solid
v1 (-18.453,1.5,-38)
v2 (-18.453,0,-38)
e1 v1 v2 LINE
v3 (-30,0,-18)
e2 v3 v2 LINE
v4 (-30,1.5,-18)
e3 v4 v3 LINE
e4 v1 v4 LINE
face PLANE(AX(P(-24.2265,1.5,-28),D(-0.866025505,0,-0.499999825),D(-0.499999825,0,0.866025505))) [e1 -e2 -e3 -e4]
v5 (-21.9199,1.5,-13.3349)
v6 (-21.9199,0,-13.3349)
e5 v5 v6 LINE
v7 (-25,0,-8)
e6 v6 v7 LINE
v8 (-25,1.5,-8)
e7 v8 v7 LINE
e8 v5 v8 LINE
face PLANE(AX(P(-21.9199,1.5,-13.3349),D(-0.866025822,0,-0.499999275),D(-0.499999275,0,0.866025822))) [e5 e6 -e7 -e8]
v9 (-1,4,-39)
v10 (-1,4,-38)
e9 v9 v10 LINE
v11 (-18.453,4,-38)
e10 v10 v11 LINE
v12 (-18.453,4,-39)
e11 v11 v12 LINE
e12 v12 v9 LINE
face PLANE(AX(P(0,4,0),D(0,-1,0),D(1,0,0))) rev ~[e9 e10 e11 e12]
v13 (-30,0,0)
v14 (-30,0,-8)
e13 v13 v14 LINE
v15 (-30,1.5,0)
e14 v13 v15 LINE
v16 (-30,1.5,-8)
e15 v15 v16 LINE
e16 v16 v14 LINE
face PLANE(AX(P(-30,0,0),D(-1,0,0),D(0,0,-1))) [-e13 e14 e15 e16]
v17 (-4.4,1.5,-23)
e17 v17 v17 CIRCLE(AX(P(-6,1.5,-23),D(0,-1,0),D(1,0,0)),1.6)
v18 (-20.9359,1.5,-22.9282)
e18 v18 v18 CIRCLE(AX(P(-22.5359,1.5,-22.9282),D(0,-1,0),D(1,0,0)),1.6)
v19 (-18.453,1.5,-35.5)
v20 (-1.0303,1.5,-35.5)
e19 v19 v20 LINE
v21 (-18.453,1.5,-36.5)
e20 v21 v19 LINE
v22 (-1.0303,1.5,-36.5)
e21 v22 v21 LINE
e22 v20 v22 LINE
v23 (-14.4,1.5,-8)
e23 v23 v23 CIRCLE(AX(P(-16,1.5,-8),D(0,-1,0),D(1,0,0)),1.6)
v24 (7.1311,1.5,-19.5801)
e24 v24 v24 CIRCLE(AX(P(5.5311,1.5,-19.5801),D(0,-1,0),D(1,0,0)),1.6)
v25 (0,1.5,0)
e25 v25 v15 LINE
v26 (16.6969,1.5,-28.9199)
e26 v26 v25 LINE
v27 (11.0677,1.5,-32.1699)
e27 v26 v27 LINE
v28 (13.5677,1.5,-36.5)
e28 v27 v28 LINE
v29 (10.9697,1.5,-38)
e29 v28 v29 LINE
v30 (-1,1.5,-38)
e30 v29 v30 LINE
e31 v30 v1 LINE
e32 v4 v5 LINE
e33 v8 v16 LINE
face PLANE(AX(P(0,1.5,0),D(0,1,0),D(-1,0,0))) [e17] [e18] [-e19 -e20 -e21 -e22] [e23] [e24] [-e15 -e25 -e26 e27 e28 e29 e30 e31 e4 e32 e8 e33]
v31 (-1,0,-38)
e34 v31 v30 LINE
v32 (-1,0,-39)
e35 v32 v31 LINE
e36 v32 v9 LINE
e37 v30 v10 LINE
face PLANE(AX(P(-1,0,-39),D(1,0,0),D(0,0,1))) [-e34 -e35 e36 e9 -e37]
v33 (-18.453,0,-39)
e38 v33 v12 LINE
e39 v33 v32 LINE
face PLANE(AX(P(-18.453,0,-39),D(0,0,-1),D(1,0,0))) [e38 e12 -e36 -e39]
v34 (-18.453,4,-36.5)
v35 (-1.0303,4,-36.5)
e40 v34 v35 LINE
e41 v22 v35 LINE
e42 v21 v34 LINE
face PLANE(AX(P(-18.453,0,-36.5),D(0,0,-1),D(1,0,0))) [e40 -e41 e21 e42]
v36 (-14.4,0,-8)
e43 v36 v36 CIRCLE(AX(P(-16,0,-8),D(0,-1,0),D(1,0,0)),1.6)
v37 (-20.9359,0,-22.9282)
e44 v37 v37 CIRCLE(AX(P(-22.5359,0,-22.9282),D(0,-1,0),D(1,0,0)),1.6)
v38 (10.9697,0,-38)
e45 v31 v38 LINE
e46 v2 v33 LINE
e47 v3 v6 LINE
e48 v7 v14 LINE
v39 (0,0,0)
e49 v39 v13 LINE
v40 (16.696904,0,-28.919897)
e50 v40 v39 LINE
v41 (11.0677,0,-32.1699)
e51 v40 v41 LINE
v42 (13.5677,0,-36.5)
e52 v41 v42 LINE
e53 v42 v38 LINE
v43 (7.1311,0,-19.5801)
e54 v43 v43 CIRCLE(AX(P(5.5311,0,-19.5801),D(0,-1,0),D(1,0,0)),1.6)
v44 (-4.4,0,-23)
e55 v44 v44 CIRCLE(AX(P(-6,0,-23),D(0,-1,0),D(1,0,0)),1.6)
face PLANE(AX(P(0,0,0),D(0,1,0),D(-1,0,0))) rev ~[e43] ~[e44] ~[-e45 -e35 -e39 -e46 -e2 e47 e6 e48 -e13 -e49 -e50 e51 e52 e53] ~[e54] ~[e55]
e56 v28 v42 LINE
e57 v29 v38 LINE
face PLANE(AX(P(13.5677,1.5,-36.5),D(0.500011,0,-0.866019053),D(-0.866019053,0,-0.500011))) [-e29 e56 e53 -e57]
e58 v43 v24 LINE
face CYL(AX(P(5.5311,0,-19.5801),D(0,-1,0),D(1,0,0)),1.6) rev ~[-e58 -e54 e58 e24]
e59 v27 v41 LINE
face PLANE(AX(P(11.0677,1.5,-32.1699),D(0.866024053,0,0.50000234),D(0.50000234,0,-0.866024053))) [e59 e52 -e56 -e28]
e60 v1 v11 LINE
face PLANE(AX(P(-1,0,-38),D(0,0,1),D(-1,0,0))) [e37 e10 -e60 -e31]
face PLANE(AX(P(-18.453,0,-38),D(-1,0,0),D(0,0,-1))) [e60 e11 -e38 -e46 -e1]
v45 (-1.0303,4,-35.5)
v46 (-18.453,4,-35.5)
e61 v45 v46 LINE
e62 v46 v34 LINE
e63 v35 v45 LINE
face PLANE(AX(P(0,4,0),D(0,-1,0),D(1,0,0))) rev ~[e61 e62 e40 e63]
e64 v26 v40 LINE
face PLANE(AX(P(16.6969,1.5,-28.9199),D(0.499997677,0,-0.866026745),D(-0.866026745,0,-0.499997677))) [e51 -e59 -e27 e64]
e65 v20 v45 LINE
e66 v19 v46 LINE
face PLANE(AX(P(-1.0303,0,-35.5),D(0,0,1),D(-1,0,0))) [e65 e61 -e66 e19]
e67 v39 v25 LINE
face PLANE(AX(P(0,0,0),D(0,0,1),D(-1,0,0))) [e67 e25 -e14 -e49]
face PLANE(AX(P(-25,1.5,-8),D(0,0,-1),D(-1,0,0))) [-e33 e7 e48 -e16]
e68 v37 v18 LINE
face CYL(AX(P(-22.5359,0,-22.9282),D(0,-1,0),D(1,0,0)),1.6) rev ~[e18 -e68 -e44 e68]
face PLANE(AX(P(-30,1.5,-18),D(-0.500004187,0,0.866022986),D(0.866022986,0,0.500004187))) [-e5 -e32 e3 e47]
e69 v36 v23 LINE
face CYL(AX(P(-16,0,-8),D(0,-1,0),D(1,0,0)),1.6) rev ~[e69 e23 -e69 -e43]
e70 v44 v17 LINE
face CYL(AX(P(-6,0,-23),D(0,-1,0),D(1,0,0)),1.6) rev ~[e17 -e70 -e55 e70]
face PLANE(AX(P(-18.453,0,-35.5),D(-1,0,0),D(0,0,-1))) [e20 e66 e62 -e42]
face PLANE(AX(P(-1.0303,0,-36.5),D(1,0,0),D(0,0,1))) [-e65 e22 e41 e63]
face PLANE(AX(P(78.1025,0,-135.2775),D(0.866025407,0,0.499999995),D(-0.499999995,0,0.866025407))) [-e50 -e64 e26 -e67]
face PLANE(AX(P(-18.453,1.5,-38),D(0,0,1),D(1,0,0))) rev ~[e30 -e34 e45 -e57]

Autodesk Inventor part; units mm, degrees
ref_plane "YZ Plane" through (0, 0, 0) normal (1, 0, 0) x (0, 1, 0)
ref_plane "XZ Plane" through (0, 0, 0) normal (0, 1, 0) x (-1, 0, 0)
ref_plane "XY Plane" through (0, 0, 0) normal (0, 0, 1) x (1, 0, 0)
sketch "スケッチ1" plane through (0, 0, 0) normal (0, 1, 0) x (-1, 0, 0)
  line L0 (0, 0) -> (30, 0)
  line L1 (30, 0) -> (30, -135.2775)
  line L2 (30, -135.2775) -> (-78.1025, -135.2775)
  line L3 (-78.1025, -135.2775) -> (0, 0)
  dimension "d0" = 30
  dimension "d1" = 60
extrude "押し出し1" add sketch "スケッチ1" along normal blind 1.5
sketch "スケッチ2" plane through (0, 1.5, 0) normal (0, 1, 0) x (1, 0, 0)
  line L0 (-25, 8) -> (-25, 1.5) projected
  line L1 (-21.9199, 13.3349) -> (-25, 8) projected
  line L2 (-30, 18) -> (-21.9199, 13.3349) projected
  line L3 (-24.2265, 28) -> (-30, 18) projected
  line L4 (0, 28) -> (-24.2265, 28) projected
  line L5 (0, 36.5) -> (0, 28) projected
  line L6 (5, 36.5) -> (0, 36.5) projected
  line L7 (5, 38) -> (5, 36.5) projected
  line L8 (10.9697, 38) -> (5, 38) projected
  line L9 (13.5677, 36.5) -> (10.9697, 38) projected
  line L10 (11.0677, 32.1699) -> (13.5677, 36.5) projected
  line L11 (16.6969, 28.9199) -> (11.0677, 32.1699) projected
  line L12 (7.3612, 12.75) -> (16.6969, 28.9199) projected
  line L13 (0, 17) -> (7.3612, 12.75) projected
  line L14 (-12, 17) -> (0, 17) projected
  line L15 (-12, 8) -> (-12, 17) projected
  line L16 (-5, 8) -> (-12, 8) projected
  line L17 (-5, 1.5) -> (-5, 8) projected
  line L18 (-25, 1.5) -> (-5, 1.5) projected
  line L19 (78.1025, 135.2775) -> (-30, 135.2775) projected
  line L20 (-30, 135.2775) -> (-30, 0) projected
  line L21 (-30, 0) -> (0, 0) projected
  line L22 (0, 0) -> (78.1025, 135.2775) projected
  line L23 (-24.2265, 28) -> (-18.453, 38)
  line L24 (-18.453, 38) -> (5, 38)
  line L25 (13.5677, 36.5) -> (19.1969, 33.25)
extrude "押し出し2" cut sketch "スケッチ2" against normal through all contours L20 L19 L22 L25 L9 L8 L24 L23 L3
sketch "スケッチ3" plane through (0, 1.5, 0) normal (0, 1, 0) x (1, 0, 0)
  line L0 (-30, 18) -> (-21.9199, 13.3349) projected
  line L1 (-21.9199, 13.3349) -> (-25, 8) projected
  line L2 (-25, 8) -> (-30, 8)
  line L3 (-30, 18) -> (-30, 0) projected
  line L4 (11.0677, 32.1699) -> (13.5677, 36.5) projected
  line L5 (16.6969, 28.9199) -> (11.0677, 32.1699) projected
  line L6 (19.1969, 33.25) -> (10.9697, 38) projected
  line L7 (0, 0) -> (19.1969, 33.25) projected
extrude "押し出し3" cut sketch "スケッチ3" against normal through all
sketch "スケッチ4" plane through (0, 0, 0) normal (0, -1, 0) x (1, 0, 0)
  line L0 (-18.453, -39) -> (3.9697, -39) projected
  line L1 (-18.453, -38) -> (-18.453, -39) projected
  line L2 (-18.453, -39) -> (3.9697, -39) projected
  line L3 (3.9697, -38) -> (-18.453, -38) projected
  line L4 (-1, -38) -> (-1, -36.5) projected
  line L5 (-1, -39) -> (-1, -35.5)
  line L6 (3.9697, -39) -> (3.9697, -38) projected
  line L7 (3.9697, -39) -> (3.9697, -38) projected
  line L8 (3.9697, -38) -> (-18.453, -38) projected
  line L9 (-18.453, -38) -> (-18.453, -39) projected
  line L10 (-18.453, -39) -> (3.9697, -39) projected
  line L11 (-1.0303, -36.5) -> (-1.0303, -35.5) projected
  line L12 (-1.0303, -35.5) -> (-18.453, -35.5) projected
  line L13 (-18.453, -35.5) -> (-18.453, -36.5) projected
  line L14 (-18.453, -36.5) -> (-1.0303, -36.5) projected
  point P0 (0, 0)
extrude "押し出し4" add sketch "スケッチ4" against normal blind 4 contours L1 L3 L5 L0 | L14 L13 L12 L11
sketch "スケッチ5" plane through (0, 0, 0) normal (0, -1, 0) x (1, 0, 0)
  circle A0 centre (-6, -23) radius 1.35 projected
  circle A1 centre (5.5311, -19.5801) radius 1.35 projected
  circle A2 centre (-16, -8) radius 1.35 projected
  circle A3 centre (-22.5359, -22.9282) radius 1.35 projected
  circle A4 centre (-22.5359, -22.9282) radius 1.6
  circle A5 centre (-16, -8) radius 1.6
  circle A6 centre (-6, -23) radius 1.6
  circle A7 centre (5.5311, -19.5801) radius 1.6
  point P0 (0, 0)
  dimension "d13" = 3.2
extrude "押し出し5" cut sketch "スケッチ5" against normal through all contours A0 | A1 | A2 | A3 | A4 | A5 | A6 | A7
equation "\"BendRadius\" = Thickness"
equation "\"BendReliefWidth\" = Thickness"
equation "\"BendReliefDepth\" = 0.5 * Thickness"
equation "\"CornerReliefSize\" = 4 * Thickness"
equation "\"MinimumRemnant\" = 2 * Thickness"
equation "\"TransitionRadius\" = BendRadius"
equation "\"JacobiRadiusSize\" = BendRadius"
equation "\"GapSize\" = Thickness"
equation "\"d6\" = Thickness"
equation "\"Thickness\" = 1.5"
properties part number "rail_cover_under"
